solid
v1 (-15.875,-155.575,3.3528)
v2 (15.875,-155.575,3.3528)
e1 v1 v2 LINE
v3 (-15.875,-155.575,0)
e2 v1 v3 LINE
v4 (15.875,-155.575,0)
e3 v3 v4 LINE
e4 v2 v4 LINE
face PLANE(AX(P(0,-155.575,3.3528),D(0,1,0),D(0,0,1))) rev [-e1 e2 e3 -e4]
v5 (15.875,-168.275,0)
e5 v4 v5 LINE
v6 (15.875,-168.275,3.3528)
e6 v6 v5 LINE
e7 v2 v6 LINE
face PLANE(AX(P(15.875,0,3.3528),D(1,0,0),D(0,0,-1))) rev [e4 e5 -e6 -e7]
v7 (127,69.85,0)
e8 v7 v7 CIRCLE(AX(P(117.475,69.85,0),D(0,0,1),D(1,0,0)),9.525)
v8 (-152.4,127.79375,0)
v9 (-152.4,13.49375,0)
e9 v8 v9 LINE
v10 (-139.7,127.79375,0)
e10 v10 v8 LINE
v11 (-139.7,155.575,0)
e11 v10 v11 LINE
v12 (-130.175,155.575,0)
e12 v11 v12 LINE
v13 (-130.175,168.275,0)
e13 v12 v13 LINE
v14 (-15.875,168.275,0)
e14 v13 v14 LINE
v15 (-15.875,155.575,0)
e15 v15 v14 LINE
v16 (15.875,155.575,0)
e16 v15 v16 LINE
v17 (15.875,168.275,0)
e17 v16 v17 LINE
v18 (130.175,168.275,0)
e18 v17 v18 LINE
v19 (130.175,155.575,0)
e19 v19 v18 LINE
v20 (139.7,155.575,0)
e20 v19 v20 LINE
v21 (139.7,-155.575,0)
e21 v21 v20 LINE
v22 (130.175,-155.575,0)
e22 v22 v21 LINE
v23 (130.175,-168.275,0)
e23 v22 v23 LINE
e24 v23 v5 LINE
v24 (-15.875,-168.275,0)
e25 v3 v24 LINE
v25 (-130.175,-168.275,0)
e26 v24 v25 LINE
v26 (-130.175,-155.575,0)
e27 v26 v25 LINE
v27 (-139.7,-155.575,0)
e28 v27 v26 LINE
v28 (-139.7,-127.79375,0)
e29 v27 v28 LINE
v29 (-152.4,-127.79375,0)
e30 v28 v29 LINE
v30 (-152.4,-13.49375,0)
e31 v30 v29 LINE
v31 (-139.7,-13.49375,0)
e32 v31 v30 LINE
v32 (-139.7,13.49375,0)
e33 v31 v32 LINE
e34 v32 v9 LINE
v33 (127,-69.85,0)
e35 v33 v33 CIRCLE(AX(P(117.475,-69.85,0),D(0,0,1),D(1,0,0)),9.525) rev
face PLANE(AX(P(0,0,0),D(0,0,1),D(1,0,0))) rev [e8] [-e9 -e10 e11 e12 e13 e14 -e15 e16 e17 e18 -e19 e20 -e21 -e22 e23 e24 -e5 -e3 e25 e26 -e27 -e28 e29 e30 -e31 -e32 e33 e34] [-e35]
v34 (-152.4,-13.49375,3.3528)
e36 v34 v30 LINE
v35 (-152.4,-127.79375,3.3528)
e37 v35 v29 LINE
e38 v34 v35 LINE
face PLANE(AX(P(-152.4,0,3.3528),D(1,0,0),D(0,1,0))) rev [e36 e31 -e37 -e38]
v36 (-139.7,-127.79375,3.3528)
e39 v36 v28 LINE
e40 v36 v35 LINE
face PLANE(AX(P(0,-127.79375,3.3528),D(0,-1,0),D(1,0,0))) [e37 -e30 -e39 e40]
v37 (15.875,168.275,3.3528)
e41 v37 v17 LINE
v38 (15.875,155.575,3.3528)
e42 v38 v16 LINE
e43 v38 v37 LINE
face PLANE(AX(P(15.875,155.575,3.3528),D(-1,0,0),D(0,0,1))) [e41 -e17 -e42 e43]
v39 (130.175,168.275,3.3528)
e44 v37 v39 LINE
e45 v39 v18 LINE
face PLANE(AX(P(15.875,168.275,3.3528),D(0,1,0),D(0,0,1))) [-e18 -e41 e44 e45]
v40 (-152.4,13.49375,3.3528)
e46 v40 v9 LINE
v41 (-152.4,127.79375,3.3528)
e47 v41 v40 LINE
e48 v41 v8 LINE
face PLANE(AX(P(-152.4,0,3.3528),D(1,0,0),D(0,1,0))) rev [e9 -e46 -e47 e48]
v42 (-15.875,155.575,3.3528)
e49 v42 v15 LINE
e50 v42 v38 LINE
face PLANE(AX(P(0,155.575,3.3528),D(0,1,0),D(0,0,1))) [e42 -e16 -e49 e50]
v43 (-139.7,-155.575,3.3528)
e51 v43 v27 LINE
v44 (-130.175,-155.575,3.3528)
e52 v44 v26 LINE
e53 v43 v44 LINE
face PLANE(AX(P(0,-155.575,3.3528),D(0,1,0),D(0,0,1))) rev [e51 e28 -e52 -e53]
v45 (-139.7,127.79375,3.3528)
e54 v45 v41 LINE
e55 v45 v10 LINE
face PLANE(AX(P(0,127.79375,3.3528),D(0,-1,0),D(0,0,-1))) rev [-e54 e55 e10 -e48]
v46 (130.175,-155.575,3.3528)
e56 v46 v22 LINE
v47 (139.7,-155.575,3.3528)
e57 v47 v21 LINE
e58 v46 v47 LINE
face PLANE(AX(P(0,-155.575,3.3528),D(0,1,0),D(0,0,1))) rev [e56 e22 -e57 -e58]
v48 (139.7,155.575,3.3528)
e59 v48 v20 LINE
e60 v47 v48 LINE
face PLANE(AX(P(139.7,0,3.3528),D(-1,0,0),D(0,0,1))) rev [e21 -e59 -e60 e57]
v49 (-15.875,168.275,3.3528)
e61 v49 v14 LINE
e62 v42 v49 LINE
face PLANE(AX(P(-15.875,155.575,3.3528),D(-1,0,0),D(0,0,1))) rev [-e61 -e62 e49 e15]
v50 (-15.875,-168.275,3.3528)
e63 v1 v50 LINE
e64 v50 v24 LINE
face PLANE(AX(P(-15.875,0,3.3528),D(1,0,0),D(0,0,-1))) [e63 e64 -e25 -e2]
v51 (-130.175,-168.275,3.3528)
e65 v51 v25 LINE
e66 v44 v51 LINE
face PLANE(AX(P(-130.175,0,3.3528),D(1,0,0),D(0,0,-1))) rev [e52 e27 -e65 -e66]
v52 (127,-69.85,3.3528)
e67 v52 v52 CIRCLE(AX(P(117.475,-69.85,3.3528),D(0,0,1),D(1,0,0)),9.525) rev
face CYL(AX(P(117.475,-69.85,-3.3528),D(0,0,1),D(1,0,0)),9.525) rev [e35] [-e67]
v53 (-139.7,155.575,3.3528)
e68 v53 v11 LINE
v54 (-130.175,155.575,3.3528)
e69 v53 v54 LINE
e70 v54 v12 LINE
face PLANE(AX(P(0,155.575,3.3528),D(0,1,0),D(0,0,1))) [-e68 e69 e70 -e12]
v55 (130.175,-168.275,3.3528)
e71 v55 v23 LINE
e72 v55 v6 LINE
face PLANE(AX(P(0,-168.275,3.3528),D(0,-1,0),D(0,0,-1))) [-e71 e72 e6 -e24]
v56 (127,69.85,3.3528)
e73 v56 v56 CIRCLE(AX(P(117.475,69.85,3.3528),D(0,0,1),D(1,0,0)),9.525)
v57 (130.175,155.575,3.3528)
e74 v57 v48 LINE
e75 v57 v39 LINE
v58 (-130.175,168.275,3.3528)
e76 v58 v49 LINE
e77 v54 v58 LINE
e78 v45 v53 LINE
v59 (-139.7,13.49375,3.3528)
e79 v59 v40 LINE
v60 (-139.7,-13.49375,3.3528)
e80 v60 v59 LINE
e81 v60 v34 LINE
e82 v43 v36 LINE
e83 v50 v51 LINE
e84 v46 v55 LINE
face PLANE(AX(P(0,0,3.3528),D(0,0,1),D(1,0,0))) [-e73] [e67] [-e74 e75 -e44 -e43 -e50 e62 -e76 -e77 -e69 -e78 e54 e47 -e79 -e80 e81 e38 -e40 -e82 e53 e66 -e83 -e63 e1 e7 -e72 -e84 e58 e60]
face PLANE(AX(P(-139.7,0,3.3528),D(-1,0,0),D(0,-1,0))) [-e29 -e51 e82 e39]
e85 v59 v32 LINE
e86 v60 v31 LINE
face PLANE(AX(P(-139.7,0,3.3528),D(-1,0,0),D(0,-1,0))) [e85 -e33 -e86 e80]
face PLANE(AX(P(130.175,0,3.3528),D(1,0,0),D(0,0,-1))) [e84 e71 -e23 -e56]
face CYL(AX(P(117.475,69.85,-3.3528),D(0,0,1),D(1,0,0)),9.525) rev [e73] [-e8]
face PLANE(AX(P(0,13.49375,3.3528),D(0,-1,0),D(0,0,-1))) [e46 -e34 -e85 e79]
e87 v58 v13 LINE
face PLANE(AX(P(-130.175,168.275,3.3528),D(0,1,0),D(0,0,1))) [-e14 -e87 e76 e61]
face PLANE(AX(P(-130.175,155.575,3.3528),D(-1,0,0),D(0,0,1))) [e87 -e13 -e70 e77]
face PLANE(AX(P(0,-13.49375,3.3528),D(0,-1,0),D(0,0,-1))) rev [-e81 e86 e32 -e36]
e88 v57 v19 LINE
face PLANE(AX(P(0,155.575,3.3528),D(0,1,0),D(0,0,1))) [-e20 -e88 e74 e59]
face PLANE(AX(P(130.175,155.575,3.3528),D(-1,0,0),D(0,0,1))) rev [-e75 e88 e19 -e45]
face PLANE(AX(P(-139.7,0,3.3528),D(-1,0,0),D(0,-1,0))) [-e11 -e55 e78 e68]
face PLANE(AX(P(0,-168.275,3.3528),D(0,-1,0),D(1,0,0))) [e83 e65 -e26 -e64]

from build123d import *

# Parameters (mm, degrees)
SKETCH1_W           = 279.4
SKETCH1_H           = 311.15
SKETCH1_W_2         = 114.3
SKETCH1_H_2         = 12.7
SKETCH1_W_3         = 12.7
SKETCH1_H_3         = 114.3
BOSS_EXTRUDE1_DEPTH = 3.3528
SKETCH2_R           = 9.525
CUT_EXTRUDE1_DEPTH  = 6.7056


with BuildPart() as part:
    # Sketch1 → Boss-Extrude1 (new body)
    with BuildSketch(Plane.XY):
        Rectangle(SKETCH1_W, SKETCH1_H)
        with Locations((-73.025, -161.925)):
            Rectangle(SKETCH1_W_2, SKETCH1_H_2)
        with Locations((73.025, -161.925)):
            Rectangle(SKETCH1_W_2, SKETCH1_H_2)
        with Locations((-146.05, -70.64375)):
            Rectangle(SKETCH1_W_3, SKETCH1_H_3)
        with Locations((-146.05, 70.64375)):
            Rectangle(SKETCH1_W_3, SKETCH1_H_3)
        with Locations((73.025, 161.925)):
            Rectangle(SKETCH1_W_2, SKETCH1_H_2)
        with Locations((-73.025, 161.925)):
            Rectangle(SKETCH1_W_2, SKETCH1_H_2)
    extrude(amount=BOSS_EXTRUDE1_DEPTH)

    # Sketch2 → Cut-Extrude1 (cut)
    with BuildSketch(Plane.XY.offset(3.3528)):
        with Locations((117.475, 69.85)):
            Circle(SKETCH2_R)
        with Locations((117.475, -69.85)):
            Circle(SKETCH2_R)
    extrude(amount=-CUT_EXTRUDE1_DEPTH, mode=Mode.SUBTRACT)


solid = part.part
